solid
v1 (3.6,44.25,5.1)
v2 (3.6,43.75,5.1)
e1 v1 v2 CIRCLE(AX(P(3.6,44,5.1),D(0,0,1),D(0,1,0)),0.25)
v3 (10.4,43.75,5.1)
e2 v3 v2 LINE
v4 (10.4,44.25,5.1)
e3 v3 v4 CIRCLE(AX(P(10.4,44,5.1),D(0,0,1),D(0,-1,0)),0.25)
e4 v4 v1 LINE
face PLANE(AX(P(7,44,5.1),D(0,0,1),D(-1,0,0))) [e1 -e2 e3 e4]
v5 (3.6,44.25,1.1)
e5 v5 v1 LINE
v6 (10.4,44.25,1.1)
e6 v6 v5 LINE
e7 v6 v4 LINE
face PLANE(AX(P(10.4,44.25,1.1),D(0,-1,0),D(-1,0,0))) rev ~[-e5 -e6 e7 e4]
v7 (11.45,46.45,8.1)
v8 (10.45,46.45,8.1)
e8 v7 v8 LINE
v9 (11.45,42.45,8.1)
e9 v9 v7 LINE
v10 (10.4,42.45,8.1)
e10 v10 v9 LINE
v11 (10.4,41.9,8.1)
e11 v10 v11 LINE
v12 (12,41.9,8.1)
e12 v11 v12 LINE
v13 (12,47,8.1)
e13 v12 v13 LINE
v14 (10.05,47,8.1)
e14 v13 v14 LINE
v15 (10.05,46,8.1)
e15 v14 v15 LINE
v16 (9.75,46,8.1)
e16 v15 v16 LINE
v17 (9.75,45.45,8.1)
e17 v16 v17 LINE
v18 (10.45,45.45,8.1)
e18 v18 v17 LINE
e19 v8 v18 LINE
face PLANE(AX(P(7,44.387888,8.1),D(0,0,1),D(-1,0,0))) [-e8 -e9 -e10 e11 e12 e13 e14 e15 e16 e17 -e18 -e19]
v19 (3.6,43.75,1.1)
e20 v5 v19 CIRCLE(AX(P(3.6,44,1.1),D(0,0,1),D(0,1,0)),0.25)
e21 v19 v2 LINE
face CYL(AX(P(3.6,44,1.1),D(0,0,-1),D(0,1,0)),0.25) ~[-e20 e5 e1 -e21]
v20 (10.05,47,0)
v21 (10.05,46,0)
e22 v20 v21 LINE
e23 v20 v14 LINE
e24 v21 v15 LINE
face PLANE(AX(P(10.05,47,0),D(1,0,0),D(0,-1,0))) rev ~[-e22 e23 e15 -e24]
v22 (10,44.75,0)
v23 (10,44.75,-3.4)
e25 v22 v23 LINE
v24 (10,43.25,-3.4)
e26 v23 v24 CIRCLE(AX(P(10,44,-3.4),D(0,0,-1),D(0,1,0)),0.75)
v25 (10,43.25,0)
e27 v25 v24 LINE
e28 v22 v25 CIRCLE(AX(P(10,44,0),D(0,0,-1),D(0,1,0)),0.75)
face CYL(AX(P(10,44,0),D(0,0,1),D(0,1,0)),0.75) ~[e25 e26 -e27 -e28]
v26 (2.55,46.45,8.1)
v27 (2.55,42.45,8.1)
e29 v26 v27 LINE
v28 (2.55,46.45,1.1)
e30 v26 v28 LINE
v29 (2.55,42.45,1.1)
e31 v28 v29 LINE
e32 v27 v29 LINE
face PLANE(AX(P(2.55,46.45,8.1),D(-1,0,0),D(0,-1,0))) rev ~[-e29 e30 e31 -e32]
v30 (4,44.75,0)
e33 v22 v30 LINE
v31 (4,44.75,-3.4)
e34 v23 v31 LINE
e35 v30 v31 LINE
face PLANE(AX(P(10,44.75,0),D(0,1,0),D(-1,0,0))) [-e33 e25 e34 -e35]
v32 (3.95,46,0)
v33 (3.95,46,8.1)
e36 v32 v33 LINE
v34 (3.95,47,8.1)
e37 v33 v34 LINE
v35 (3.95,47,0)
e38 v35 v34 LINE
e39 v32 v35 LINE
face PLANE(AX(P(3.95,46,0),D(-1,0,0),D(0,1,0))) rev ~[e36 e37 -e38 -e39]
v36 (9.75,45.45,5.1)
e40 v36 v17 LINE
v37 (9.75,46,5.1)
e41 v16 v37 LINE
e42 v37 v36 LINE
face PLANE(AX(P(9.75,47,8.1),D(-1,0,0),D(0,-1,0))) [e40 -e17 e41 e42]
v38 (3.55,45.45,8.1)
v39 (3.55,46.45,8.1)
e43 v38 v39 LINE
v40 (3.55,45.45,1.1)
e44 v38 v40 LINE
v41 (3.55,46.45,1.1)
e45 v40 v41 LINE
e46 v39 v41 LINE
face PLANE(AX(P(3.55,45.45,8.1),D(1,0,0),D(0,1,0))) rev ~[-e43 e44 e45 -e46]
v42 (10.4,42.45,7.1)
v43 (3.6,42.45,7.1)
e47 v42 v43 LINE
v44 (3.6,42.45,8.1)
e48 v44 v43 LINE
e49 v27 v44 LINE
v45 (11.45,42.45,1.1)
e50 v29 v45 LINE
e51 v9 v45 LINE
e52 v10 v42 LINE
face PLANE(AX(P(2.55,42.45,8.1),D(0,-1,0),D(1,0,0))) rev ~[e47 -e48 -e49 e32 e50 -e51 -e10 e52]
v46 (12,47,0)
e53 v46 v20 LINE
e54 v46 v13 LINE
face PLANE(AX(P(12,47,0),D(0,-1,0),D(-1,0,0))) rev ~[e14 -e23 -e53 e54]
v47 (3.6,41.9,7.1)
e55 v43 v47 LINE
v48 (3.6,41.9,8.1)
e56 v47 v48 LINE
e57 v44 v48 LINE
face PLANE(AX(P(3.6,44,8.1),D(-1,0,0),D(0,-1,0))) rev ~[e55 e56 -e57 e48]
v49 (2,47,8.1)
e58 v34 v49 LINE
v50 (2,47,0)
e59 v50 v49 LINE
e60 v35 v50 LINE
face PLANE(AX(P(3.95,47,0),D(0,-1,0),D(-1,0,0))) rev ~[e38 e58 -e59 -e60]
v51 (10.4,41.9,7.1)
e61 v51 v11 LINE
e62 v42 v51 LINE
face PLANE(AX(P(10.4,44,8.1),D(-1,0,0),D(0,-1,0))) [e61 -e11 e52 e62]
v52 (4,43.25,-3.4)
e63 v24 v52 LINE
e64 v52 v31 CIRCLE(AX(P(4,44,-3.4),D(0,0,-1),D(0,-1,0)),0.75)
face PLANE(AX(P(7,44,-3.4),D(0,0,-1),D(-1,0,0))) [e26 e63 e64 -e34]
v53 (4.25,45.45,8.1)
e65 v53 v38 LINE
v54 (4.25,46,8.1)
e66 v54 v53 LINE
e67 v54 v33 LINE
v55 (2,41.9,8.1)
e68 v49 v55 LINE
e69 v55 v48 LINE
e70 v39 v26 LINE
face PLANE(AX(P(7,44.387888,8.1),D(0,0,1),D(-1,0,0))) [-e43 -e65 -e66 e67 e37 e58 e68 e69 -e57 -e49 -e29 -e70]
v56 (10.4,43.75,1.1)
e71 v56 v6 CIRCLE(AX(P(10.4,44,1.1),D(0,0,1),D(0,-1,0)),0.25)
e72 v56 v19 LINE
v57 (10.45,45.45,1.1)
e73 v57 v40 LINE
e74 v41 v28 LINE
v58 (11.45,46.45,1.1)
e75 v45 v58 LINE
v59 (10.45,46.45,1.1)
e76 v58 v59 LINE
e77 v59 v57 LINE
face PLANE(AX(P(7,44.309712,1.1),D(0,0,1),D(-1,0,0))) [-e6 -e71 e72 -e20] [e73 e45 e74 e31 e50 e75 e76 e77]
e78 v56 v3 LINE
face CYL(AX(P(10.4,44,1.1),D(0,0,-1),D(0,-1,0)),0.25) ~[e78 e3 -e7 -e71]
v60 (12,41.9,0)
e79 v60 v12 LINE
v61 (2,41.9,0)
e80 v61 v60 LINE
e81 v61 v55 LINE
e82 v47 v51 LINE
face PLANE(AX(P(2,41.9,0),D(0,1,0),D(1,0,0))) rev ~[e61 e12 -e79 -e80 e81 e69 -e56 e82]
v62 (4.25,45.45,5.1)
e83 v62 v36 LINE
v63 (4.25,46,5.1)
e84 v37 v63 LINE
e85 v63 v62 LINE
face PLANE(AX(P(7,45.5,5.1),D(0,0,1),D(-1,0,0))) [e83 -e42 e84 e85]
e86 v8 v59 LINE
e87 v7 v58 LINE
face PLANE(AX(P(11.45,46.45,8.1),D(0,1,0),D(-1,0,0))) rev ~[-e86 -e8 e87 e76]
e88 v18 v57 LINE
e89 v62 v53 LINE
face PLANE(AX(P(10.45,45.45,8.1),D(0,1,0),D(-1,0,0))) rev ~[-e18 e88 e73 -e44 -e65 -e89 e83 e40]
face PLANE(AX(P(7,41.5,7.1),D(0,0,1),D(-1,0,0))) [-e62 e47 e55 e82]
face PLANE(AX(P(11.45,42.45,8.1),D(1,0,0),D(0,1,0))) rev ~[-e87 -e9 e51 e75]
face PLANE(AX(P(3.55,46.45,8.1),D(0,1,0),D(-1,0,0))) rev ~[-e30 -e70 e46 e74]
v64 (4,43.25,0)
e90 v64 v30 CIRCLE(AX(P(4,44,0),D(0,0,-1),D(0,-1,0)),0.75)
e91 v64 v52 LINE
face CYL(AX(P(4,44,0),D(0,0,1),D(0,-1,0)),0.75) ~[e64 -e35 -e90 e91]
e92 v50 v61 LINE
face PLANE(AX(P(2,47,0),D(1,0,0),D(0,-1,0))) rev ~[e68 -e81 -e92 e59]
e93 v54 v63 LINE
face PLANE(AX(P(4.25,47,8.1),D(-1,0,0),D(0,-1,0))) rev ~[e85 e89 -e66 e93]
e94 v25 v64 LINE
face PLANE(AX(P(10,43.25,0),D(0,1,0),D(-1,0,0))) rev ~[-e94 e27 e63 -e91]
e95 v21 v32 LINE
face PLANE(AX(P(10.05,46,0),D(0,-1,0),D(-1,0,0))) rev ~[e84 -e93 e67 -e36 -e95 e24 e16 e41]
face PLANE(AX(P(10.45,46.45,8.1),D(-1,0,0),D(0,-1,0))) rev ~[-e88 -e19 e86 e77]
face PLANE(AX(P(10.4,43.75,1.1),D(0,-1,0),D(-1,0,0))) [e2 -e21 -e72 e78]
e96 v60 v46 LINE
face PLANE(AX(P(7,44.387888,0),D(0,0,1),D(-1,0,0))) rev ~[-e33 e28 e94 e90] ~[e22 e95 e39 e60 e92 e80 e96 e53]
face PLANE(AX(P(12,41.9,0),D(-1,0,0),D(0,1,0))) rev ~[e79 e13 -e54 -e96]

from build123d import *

# Parameters (mm, degrees)
PAD005_DEPTH            = 8.1
POCKET003_DEPTH         = 7
SKETCH010_W             = 6.8
SKETCH010_H             = 5
POCKET004_DEPTH         = 1
SKETCH011_W             = 5.5
SKETCH011_H             = 3
POCKET005_DEPTH         = 3
PAD006_DEPTH            = 4
PAD014_DEPTH            = 3.4
BODY005_PLACEMENT_ANGLE = 180


with BuildPart() as part:
    # Sketch008 → Pad005 (new body)
    with BuildSketch(Plane.XY):
        Polygon((-5, 0), (-3.05, 0), (-3.05, 1), (3.05, 1), (3.05, 0), (5, 0), (5, 5.1), (-5, 5.1), align=None)
    extrude(amount=PAD005_DEPTH)

    # Sketch009 (on Face10 of Pad005) → Pocket003 (cut)
    with BuildSketch(Plane.XY.offset(8.1)):
        Polygon((-4.45, 0.55), (-3.45, 0.55), (-3.45, 1.55), (3.45, 1.55), (3.45, 0.55), (4.45, 0.55), (4.45, 4.55), (-4.45, 4.55), align=None)
    extrude(amount=-POCKET003_DEPTH, mode=Mode.SUBTRACT)

    # Sketch010 (on Face5 of Pocket003) → Pocket004 (cut)
    with BuildSketch(Plane.XY.offset(8.1)):
        with Locations((0, 5.5)):
            Rectangle(SKETCH010_W, SKETCH010_H)
    extrude(amount=-POCKET004_DEPTH, mode=Mode.SUBTRACT)

    # Sketch011 (on Face5 of Pocket004) → Pocket005 (cut)
    with BuildSketch(Plane.XY.offset(8.1)):
        with Locations((0, 1.5)):
            Rectangle(SKETCH011_W, SKETCH011_H)
    extrude(amount=-POCKET005_DEPTH, mode=Mode.SUBTRACT)

    # Sketch012 (on Face26 of Pocket005) → Pad006 (join)
    with BuildSketch(Plane.XY.offset(1.1)):
        with BuildLine():
            ThreePointArc((-3.4, 3.25), (-3.65, 3), (-3.4, 2.75))
            Line((-3.4, 2.75), (3.4, 2.75))
            ThreePointArc((3.4, 2.75), (3.65, 3), (3.4, 3.25))
            Line((-3.4, 3.25), (3.4, 3.25))
        make_face()
    extrude(amount=PAD006_DEPTH)

    # Sketch020 (on Face4 of Pad006) → Pad014 (join)
    with BuildSketch(Plane(origin=(0, 0, 0), x_dir=(1, 0, 0), z_dir=(0, 0, -1))):
        with BuildLine():
            ThreePointArc((-3, -2.25), (-3.75, -3), (-3, -3.75))
            Line((-3, -3.75), (3, -3.75))
            ThreePointArc((3, -3.75), (3.75, -3), (3, -2.25))
            Line((-3, -2.25), (3, -2.25))
        make_face()
    extrude(amount=PAD014_DEPTH)


with BuildPart() as part_1:
    # Body005 placement: moved
    add(part.part.moved(Location((-7, 29, 0))).rotate(Axis((-7, 29, 0), (0, 0, 1)), BODY005_PLACEMENT_ANGLE))


with BuildPart() as part_2:
    # Body010 placement: moved
    add(part_1.part.moved(Location((14, 18, 0))))


solid = part_2.part
